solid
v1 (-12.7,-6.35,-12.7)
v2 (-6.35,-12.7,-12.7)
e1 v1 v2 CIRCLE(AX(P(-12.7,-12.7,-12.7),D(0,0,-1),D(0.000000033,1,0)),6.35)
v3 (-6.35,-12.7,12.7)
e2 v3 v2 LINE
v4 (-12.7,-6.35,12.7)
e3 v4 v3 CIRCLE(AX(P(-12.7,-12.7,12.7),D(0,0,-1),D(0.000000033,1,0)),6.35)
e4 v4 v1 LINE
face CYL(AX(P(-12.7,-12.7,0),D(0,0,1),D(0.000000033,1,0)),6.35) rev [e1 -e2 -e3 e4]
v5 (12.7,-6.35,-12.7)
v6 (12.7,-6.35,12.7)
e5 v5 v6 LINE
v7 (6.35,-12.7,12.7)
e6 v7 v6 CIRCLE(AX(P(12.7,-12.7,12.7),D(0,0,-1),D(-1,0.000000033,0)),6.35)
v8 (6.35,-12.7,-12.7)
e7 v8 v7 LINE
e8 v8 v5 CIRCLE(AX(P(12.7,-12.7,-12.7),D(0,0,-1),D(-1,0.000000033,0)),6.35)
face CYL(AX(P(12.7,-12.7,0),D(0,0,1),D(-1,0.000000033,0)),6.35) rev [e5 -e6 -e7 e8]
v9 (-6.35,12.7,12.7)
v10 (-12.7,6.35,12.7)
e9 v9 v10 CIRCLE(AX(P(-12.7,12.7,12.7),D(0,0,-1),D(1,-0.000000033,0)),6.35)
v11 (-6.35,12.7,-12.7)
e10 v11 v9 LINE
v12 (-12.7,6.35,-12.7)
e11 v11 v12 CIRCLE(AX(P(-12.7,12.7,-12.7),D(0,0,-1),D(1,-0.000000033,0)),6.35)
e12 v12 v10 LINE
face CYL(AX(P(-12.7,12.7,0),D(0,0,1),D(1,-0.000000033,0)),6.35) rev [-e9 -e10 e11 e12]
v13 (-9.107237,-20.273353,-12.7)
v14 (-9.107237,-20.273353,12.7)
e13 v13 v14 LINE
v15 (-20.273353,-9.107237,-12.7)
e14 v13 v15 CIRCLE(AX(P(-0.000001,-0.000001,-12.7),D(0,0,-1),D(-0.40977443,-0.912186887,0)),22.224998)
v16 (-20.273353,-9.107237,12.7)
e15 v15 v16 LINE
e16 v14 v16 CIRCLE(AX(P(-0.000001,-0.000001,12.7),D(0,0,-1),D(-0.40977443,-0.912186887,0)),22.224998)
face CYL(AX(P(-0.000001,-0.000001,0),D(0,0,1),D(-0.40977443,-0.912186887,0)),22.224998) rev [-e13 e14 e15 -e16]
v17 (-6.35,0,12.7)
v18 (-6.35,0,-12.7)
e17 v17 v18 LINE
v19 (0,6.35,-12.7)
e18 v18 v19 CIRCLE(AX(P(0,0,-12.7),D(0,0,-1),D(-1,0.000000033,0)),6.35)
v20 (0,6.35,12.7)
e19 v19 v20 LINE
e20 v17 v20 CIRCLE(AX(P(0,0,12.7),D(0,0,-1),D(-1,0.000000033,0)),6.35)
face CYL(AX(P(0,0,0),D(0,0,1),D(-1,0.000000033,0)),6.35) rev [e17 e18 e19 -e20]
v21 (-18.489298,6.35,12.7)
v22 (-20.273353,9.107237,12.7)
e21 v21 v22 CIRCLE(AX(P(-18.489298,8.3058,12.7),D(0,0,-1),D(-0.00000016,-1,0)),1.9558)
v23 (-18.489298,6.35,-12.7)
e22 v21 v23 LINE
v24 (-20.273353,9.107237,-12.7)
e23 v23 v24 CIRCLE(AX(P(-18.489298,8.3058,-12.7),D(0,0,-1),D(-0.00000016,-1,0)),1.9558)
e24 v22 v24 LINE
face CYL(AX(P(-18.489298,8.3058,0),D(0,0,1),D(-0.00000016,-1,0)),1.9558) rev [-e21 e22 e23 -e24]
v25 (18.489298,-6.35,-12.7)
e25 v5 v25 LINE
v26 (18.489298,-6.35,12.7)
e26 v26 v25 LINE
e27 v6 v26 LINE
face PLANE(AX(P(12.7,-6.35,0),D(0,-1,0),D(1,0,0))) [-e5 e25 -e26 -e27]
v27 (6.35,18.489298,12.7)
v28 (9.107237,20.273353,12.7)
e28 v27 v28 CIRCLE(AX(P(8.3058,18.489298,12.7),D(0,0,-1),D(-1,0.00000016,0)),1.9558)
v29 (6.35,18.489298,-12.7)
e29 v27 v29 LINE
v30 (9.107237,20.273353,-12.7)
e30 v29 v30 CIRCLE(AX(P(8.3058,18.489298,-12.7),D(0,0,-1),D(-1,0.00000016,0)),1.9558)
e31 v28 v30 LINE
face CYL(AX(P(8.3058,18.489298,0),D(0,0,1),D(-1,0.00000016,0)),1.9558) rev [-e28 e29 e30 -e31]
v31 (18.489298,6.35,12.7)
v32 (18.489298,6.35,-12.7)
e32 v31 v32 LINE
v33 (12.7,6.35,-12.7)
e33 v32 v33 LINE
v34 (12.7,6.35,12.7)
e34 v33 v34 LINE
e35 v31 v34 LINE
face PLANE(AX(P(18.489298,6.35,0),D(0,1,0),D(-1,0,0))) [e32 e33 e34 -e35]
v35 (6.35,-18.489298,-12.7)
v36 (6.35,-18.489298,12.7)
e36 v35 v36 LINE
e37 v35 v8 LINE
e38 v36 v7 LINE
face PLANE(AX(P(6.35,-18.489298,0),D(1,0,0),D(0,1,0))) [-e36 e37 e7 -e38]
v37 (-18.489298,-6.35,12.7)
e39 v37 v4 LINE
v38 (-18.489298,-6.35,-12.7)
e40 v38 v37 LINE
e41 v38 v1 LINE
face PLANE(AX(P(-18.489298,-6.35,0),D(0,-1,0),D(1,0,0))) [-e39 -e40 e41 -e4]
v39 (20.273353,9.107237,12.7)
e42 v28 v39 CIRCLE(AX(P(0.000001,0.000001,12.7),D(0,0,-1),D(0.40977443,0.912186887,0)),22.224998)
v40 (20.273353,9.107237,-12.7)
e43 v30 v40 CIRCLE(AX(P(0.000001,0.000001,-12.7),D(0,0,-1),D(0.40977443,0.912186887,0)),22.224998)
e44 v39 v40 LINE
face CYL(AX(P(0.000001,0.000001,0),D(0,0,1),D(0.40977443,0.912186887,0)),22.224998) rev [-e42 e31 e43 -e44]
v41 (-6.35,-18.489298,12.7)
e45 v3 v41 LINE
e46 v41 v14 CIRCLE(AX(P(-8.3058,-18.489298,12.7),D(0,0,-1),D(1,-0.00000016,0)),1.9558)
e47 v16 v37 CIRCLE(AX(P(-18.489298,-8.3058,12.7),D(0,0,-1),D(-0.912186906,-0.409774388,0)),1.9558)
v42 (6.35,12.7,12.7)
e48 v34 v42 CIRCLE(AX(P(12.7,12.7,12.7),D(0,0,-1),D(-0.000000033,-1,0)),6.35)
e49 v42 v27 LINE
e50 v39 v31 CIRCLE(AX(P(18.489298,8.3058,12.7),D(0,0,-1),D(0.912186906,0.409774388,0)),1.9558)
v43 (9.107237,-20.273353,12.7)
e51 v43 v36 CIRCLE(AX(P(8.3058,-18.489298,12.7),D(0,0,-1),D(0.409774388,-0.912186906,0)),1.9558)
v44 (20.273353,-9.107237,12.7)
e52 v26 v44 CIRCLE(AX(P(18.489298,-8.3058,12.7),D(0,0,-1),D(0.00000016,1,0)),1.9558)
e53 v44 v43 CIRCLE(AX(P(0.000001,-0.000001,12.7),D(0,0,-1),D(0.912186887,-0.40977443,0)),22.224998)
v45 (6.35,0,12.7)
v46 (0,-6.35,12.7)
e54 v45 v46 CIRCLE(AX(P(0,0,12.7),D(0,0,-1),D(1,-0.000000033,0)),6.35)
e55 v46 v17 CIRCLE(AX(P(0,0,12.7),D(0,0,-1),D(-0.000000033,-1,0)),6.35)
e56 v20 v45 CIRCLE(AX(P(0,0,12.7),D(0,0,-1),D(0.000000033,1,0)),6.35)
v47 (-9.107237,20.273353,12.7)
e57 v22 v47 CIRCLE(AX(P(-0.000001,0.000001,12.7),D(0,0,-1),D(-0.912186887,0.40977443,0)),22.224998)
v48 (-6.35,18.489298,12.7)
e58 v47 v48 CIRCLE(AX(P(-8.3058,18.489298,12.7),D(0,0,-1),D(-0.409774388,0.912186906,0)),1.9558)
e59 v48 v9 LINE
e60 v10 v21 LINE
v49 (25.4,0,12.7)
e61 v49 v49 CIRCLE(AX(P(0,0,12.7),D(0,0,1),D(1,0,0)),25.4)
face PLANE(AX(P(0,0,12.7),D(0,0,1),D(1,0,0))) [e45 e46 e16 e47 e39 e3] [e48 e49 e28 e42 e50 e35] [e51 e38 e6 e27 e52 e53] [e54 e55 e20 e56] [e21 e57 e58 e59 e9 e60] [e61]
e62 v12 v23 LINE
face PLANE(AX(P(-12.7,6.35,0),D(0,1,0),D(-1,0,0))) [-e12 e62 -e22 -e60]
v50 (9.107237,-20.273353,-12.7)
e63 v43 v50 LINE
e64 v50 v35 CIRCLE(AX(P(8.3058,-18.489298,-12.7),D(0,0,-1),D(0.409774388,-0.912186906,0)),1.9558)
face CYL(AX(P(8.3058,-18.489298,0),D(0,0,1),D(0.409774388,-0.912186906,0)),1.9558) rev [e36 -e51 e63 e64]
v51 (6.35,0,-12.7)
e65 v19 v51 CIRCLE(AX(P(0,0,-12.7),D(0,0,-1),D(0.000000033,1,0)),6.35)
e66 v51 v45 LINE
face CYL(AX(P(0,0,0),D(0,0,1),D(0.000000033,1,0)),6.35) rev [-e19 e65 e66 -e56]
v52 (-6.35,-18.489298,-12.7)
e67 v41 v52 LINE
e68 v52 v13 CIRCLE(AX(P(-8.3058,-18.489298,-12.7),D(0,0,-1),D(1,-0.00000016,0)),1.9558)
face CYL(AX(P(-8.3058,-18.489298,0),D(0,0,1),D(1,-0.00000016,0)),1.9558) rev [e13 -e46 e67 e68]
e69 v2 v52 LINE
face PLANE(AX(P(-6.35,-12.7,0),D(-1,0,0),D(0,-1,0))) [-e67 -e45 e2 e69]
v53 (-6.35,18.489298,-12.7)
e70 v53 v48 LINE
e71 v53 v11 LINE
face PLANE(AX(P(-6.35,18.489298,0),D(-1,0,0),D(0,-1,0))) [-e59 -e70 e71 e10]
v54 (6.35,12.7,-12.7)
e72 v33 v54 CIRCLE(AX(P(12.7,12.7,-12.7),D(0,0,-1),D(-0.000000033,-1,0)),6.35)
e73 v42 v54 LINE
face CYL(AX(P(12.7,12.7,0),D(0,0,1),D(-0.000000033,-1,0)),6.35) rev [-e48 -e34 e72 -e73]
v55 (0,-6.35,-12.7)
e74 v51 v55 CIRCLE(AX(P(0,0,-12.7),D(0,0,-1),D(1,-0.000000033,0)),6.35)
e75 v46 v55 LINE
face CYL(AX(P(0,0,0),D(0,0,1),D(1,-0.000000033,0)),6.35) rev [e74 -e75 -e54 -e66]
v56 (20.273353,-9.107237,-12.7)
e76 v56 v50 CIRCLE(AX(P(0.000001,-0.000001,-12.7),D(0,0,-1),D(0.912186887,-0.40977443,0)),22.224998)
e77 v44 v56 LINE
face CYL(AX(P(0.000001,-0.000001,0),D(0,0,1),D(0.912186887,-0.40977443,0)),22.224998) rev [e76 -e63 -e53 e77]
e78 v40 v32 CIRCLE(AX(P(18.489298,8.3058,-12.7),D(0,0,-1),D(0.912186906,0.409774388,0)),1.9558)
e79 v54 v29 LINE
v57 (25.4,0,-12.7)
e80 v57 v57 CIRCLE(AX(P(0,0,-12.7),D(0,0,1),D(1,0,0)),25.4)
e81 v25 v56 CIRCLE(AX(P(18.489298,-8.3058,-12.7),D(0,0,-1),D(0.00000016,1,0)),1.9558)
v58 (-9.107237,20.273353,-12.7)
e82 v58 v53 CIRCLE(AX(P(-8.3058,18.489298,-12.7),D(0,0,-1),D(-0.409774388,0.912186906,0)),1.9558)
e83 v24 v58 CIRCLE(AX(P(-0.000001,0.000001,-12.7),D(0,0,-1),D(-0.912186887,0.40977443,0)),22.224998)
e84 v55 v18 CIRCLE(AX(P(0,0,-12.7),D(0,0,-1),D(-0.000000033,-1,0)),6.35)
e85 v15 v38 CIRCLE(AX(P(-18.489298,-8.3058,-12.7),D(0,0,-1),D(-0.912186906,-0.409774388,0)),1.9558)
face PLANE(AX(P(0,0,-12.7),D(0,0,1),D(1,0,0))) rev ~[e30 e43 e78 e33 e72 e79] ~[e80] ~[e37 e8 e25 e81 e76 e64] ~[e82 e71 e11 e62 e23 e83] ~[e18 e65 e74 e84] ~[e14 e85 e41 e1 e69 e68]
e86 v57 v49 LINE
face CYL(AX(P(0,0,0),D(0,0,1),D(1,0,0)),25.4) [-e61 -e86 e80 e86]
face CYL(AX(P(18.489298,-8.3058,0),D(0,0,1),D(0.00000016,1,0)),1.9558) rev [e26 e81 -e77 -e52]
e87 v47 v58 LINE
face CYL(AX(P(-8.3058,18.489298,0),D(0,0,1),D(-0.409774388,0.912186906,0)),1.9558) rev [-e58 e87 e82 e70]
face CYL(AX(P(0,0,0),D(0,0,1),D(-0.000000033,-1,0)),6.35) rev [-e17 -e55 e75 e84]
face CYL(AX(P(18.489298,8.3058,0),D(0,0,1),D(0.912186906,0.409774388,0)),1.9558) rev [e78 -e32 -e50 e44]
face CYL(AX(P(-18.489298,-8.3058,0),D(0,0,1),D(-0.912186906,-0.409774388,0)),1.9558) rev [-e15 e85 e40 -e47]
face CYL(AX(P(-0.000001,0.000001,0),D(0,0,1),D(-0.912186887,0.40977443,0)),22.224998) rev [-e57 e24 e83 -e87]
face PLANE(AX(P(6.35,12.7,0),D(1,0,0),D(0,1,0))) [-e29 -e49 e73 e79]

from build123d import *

# Parameters (mm, degrees)
F0_R     = 25.4
F1_DEPTH = 12.7


with BuildPart() as f1:
    # F0 (on Top) → F1 (new body, symmetric)
    with BuildSketch(Plane.XY):
        Circle(F0_R)
        with BuildLine():
            ThreePointArc((-9.107237, -20.273353), (-15.715448, -15.715448), (-20.273353, -9.107237))
            ThreePointArc((-20.273353, -9.107237), (-20.13134, -7.243326), (-18.489298, -6.35))
            Line((-18.489298, -6.35), (-12.7, -6.35))
            ThreePointArc((-12.7, -6.35), (-8.209872, -8.209872), (-6.35, -12.7))
            Line((-6.35, -12.7), (-6.35, -18.489298))
            ThreePointArc((-6.35, -18.489298), (-7.243326, -20.13134), (-9.107237, -20.273353))
        make_face(mode=Mode.SUBTRACT)
        with BuildLine():
            ThreePointArc((0, 6.35), (4.490128, 4.490128), (6.35, 0))
            ThreePointArc((6.35, 0), (4.490128, -4.490128), (0, -6.35))
            ThreePointArc((0, -6.35), (-4.490128, -4.490128), (-6.35, 0))
            ThreePointArc((-6.35, 0), (-4.490128, 4.490128), (0, 6.35))
        make_face(mode=Mode.SUBTRACT)
        with BuildLine():
            Line((6.35, -18.489298), (6.35, -12.7))
            ThreePointArc((6.35, -12.7), (8.209872, -8.209872), (12.7, -6.35))
            Line((12.7, -6.35), (18.489298, -6.35))
            ThreePointArc((18.489298, -6.35), (20.13134, -7.243326), (20.273353, -9.107237))
            ThreePointArc((20.273353, -9.107237), (15.715448, -15.715448), (9.107237, -20.273353))
            ThreePointArc((9.107237, -20.273353), (7.243326, -20.13134), (6.35, -18.489298))
        make_face(mode=Mode.SUBTRACT)
        with BuildLine():
            Line((-6.35, 18.489298), (-6.35, 12.7))
            ThreePointArc((-6.35, 12.7), (-8.209872, 8.209872), (-12.7, 6.35))
            Line((-12.7, 6.35), (-18.489298, 6.35))
            ThreePointArc((-18.489298, 6.35), (-20.13134, 7.243326), (-20.273353, 9.107237))
            ThreePointArc((-20.273353, 9.107237), (-15.715448, 15.715448), (-9.107237, 20.273353))
            ThreePointArc((-9.107237, 20.273353), (-7.243326, 20.13134), (-6.35, 18.489298))
        make_face(mode=Mode.SUBTRACT)
        with BuildLine():
            ThreePointArc((12.7, 6.35), (8.209872, 8.209872), (6.35, 12.7))
            Line((6.35, 12.7), (6.35, 18.489298))
            ThreePointArc((6.35, 18.489298), (7.243326, 20.13134), (9.107237, 20.273353))
            ThreePointArc((9.107237, 20.273353), (15.715448, 15.715448), (20.273353, 9.107237))
            ThreePointArc((20.273353, 9.107237), (20.13134, 7.243326), (18.489298, 6.35))
            Line((18.489298, 6.35), (12.7, 6.35))
        make_face(mode=Mode.SUBTRACT)
    extrude(amount=F1_DEPTH, both=True)


solid = f1.part
